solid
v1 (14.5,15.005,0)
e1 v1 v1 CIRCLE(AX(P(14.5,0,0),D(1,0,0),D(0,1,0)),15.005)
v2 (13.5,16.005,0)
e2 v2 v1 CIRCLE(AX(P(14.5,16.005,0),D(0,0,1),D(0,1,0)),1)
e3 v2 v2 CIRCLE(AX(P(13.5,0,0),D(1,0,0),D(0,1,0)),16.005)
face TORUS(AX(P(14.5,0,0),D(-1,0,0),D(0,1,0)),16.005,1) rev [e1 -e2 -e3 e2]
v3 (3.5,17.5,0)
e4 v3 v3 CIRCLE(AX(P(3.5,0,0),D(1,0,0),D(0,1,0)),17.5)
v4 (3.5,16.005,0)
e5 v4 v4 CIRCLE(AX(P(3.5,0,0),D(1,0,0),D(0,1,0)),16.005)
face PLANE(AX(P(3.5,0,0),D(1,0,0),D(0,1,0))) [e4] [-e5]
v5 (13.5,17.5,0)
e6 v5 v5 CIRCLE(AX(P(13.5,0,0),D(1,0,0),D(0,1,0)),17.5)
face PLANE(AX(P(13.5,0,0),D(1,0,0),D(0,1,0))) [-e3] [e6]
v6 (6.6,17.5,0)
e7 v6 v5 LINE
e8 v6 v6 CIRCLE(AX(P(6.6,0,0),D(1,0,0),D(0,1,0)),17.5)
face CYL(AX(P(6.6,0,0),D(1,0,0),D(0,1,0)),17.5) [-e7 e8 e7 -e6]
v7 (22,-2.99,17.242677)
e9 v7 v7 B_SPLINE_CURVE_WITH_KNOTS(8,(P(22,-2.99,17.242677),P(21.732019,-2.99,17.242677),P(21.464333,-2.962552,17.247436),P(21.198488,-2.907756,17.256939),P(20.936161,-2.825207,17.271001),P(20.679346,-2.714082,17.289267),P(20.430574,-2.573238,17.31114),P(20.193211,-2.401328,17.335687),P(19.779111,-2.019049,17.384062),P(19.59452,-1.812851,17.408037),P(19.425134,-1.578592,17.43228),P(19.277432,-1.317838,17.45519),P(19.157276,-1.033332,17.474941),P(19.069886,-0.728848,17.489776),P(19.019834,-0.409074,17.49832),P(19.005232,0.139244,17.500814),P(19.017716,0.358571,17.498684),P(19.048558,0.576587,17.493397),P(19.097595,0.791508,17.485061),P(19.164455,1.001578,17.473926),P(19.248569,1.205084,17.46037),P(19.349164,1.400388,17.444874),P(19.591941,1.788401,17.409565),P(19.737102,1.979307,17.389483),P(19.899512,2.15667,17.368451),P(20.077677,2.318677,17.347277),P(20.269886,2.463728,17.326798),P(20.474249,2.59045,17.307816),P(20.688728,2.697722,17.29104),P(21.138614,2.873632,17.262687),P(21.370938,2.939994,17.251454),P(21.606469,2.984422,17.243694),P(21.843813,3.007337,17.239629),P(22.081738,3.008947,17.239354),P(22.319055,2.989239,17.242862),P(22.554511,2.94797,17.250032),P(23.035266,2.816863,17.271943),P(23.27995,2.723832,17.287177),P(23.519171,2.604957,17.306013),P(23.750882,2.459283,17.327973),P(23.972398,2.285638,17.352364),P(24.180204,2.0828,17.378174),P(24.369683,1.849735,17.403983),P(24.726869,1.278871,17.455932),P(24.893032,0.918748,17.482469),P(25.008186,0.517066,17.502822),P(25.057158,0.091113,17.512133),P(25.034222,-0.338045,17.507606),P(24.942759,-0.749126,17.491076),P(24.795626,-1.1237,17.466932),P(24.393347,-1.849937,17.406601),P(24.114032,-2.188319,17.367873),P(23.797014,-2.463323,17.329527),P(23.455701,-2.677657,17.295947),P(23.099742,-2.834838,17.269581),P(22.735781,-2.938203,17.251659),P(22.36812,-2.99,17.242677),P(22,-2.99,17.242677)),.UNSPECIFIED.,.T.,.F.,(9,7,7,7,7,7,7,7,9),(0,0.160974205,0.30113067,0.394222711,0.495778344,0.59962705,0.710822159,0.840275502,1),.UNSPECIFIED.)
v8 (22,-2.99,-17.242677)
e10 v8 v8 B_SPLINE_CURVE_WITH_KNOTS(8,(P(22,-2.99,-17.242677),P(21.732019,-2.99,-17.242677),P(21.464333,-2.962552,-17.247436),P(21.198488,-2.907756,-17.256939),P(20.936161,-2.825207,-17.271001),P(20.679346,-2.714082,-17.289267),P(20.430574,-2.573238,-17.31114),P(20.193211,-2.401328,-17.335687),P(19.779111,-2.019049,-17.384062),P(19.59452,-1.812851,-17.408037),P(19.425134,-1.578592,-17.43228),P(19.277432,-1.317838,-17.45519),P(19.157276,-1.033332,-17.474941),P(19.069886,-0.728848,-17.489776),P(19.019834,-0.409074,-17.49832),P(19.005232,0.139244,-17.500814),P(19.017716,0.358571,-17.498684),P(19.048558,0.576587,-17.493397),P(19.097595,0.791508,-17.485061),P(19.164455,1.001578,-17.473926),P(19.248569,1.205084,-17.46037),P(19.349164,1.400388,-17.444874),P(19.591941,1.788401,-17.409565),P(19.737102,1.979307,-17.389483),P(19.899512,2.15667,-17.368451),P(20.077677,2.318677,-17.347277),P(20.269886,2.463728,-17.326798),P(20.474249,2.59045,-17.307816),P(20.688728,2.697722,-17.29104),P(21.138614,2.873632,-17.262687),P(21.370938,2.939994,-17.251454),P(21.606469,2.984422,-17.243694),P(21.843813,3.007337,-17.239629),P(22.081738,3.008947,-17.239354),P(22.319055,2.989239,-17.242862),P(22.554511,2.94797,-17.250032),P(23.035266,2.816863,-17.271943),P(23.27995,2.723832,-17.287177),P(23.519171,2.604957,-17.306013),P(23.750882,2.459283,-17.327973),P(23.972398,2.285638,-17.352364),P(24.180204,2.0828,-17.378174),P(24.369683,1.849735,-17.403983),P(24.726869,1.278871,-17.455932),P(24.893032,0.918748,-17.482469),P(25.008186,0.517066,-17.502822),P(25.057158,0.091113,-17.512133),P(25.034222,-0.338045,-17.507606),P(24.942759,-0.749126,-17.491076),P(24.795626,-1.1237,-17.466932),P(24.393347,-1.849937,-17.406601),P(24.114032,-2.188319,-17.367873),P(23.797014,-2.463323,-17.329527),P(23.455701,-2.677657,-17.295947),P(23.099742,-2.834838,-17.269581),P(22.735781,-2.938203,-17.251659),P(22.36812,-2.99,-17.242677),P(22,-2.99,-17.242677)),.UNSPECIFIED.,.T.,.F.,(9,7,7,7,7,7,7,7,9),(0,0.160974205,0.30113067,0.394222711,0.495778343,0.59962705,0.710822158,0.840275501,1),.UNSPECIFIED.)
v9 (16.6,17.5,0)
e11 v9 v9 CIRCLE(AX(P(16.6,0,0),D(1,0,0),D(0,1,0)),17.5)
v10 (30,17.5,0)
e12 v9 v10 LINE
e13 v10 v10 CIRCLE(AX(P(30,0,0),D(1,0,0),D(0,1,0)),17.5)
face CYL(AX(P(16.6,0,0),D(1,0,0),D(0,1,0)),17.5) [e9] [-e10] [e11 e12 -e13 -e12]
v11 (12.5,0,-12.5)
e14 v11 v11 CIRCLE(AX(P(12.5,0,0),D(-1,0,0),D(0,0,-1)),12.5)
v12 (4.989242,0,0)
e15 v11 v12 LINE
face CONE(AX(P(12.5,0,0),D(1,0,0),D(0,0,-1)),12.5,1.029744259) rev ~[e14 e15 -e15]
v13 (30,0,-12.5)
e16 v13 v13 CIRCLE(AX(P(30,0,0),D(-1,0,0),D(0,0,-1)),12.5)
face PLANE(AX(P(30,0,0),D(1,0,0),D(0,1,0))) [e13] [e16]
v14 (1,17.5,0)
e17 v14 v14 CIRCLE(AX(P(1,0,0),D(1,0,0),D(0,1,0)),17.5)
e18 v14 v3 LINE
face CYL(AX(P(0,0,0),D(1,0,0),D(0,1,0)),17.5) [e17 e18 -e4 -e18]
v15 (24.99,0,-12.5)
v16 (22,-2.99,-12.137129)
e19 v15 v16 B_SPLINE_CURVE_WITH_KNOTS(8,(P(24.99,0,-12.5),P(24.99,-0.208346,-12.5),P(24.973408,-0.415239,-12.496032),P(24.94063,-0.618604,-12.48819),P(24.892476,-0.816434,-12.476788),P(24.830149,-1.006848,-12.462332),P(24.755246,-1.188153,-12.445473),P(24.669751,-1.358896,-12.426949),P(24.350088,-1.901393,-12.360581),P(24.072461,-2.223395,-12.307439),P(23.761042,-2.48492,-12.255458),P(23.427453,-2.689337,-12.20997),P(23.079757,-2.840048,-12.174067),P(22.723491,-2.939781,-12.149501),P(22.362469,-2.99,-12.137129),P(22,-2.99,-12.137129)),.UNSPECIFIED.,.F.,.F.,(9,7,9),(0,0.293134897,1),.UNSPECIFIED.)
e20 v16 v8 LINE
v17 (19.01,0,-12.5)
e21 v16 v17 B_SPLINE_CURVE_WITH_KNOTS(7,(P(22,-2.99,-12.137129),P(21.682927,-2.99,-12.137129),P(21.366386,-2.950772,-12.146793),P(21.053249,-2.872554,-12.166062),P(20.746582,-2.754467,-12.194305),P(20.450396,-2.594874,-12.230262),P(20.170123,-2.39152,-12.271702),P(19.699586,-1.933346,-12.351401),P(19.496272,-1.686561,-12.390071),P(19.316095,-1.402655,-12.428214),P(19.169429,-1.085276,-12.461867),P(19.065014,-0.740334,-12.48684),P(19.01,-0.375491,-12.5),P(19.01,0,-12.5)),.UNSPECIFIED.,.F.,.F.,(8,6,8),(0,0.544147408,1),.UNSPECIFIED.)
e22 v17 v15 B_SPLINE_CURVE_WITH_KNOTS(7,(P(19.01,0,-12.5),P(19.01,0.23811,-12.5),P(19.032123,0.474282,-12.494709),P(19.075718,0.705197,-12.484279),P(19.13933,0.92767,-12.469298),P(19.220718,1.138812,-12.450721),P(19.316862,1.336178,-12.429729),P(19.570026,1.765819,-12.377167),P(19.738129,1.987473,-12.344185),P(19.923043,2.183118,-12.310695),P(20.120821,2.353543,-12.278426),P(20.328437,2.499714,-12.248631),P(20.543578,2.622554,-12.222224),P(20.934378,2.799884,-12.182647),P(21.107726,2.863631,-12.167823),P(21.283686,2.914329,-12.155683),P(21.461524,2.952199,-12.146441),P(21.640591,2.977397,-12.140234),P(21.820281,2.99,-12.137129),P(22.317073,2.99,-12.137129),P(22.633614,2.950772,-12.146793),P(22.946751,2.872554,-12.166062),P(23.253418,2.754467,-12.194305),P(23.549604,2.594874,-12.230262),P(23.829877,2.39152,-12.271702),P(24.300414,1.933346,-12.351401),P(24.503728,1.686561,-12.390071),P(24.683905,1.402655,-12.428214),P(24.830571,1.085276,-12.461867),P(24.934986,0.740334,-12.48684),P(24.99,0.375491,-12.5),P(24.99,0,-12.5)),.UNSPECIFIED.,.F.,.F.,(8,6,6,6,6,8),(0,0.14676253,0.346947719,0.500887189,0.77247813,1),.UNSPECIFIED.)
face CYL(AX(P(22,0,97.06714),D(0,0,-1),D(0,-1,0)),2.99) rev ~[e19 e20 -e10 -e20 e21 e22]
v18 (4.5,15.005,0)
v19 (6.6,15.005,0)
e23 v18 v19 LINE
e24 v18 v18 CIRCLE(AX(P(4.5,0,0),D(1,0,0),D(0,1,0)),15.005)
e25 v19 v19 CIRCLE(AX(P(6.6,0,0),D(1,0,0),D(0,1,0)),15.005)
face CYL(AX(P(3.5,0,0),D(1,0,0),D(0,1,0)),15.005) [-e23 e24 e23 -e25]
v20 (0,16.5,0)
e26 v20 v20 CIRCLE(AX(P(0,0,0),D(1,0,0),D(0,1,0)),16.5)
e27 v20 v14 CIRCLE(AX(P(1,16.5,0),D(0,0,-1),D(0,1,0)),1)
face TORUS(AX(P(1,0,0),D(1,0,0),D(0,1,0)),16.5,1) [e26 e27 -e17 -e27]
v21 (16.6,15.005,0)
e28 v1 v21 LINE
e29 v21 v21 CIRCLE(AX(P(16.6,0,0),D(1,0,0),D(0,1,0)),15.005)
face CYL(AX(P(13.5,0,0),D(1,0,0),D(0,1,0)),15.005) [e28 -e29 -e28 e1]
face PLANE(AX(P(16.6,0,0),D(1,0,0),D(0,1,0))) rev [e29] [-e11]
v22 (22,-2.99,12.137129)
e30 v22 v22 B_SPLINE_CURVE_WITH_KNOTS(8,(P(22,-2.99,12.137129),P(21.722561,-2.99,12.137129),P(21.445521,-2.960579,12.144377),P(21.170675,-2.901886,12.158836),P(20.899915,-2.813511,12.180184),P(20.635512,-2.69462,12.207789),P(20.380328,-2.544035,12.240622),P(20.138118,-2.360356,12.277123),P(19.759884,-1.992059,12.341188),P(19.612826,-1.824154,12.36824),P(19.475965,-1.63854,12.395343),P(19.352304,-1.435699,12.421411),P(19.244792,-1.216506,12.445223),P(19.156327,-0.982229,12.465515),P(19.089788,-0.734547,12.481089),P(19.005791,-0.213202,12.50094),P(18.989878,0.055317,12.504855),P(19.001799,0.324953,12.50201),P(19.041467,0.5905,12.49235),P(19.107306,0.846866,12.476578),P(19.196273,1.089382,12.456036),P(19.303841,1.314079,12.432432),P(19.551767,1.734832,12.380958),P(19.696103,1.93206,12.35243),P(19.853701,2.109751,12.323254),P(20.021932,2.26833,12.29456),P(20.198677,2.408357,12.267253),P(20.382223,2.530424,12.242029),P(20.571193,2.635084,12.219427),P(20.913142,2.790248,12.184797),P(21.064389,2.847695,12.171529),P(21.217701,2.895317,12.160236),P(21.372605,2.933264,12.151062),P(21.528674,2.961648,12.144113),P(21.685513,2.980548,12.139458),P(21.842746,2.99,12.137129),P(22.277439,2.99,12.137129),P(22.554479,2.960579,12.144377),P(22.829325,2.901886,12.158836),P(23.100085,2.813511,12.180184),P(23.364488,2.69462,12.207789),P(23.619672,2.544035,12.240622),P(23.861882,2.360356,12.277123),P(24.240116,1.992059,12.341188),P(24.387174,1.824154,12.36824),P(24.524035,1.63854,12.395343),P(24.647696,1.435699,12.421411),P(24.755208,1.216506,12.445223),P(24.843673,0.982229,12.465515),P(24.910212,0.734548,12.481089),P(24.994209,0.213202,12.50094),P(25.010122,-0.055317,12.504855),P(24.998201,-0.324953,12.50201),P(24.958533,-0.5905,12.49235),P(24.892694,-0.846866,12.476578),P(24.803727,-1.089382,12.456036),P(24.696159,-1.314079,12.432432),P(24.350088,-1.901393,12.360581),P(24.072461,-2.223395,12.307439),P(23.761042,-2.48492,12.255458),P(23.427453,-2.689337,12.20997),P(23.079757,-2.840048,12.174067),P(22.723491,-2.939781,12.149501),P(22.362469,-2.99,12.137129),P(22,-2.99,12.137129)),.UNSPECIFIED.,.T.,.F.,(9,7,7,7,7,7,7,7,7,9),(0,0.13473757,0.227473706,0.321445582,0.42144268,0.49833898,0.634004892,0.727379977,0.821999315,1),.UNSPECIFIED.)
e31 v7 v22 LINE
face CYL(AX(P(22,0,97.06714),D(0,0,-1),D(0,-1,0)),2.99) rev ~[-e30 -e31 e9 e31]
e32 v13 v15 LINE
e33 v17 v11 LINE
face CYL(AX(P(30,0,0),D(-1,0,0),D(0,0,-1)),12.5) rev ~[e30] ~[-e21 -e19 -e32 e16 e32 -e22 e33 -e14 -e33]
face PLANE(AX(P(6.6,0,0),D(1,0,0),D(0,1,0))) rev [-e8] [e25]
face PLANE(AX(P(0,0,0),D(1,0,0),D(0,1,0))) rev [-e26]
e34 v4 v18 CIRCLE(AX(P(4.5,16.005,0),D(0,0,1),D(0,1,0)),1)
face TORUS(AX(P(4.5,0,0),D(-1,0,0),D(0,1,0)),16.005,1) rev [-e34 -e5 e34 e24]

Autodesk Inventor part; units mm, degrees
ref_plane "YZ Plane" through (0, 0, 0) normal (1, 0, 0) x (0, 1, 0)
ref_plane "XZ Plane" through (0, 0, 0) normal (0, 1, 0) x (-1, 0, 0)
sketch "Skizze1" plane through (0, 0, 0) normal (0, 0, 1) x (1, 0, 0)
  line L0 (0, 0) -> (30, 0)
  line L1 (0, 0) -> (0, 17.5)
  line L2 (0, 17.5) -> (3.5, 17.5)
  line L3 (3.5, 17.5) -> (3.5, 15.005)
  line L4 (3.5, 15.005) -> (6.6, 15.005)
  line L5 (6.6, 15.005) -> (6.6, 17.5)
  line L6 (6.6, 17.5) -> (13.5, 17.5)
  line L7 (13.5, 17.5) -> (13.5, 15.005)
  line L8 (13.5, 15.005) -> (16.6, 15.005)
  line L9 (16.6, 15.005) -> (16.6, 17.5)
  line L10 (16.6, 17.5) -> (30, 17.5)
  line L11 (30, 17.5) -> (30, 0)
  point P0 (13.5, 16.2525)
  dimension "d0" = 35
  dimension "d1" = 30.01
  dimension "d3" = 16.5
  dimension "d4" = 26.5
  dimension "d5" = 30
  dimension "d6" = 3.1
revolve "Umdrehung1" add sketch "Skizze1" angle 360 about axis through (0, 0, 0) along (1, 0, 0)
sketch "Skizze2" plane through (30, 0, 0) normal (1, 0, 0) x (0, 0, -1)
  circle A0 centre (0, 0) radius 17.5 projected
hole "Bohrung1" at (30, 0, 0) direction (-1, 0, 0) diameter 25 depth 17.5 tip angle 118
fillet "Rundung1" radius 1 1 edges at (0, -17.5, 0)
fillet "Rundung2" radius 1 2 edges at (3.5, -15.005, 0) (13.5, -15.005, 0)
ref_plane "Arbeitsebene13" through (0, 0, 0) normal (0, 0, 1) x (1, 0, 0)
sketch "Skizze17" plane through (0, 0, 0) normal (0, 0, 1) x (1, 0, 0)
  line L0 (30, 12.5) -> (30, -12.5) projected
  point P0 (0, 0)
  point P1 (22, 0)
  dimension "d51" = 8
hole "Bohrung4" at (22, 0, 0) direction (0, 0, -1) diameter 5.98 end through all both
properties part number "Kolben" material "Stahl, galvanisiert"
